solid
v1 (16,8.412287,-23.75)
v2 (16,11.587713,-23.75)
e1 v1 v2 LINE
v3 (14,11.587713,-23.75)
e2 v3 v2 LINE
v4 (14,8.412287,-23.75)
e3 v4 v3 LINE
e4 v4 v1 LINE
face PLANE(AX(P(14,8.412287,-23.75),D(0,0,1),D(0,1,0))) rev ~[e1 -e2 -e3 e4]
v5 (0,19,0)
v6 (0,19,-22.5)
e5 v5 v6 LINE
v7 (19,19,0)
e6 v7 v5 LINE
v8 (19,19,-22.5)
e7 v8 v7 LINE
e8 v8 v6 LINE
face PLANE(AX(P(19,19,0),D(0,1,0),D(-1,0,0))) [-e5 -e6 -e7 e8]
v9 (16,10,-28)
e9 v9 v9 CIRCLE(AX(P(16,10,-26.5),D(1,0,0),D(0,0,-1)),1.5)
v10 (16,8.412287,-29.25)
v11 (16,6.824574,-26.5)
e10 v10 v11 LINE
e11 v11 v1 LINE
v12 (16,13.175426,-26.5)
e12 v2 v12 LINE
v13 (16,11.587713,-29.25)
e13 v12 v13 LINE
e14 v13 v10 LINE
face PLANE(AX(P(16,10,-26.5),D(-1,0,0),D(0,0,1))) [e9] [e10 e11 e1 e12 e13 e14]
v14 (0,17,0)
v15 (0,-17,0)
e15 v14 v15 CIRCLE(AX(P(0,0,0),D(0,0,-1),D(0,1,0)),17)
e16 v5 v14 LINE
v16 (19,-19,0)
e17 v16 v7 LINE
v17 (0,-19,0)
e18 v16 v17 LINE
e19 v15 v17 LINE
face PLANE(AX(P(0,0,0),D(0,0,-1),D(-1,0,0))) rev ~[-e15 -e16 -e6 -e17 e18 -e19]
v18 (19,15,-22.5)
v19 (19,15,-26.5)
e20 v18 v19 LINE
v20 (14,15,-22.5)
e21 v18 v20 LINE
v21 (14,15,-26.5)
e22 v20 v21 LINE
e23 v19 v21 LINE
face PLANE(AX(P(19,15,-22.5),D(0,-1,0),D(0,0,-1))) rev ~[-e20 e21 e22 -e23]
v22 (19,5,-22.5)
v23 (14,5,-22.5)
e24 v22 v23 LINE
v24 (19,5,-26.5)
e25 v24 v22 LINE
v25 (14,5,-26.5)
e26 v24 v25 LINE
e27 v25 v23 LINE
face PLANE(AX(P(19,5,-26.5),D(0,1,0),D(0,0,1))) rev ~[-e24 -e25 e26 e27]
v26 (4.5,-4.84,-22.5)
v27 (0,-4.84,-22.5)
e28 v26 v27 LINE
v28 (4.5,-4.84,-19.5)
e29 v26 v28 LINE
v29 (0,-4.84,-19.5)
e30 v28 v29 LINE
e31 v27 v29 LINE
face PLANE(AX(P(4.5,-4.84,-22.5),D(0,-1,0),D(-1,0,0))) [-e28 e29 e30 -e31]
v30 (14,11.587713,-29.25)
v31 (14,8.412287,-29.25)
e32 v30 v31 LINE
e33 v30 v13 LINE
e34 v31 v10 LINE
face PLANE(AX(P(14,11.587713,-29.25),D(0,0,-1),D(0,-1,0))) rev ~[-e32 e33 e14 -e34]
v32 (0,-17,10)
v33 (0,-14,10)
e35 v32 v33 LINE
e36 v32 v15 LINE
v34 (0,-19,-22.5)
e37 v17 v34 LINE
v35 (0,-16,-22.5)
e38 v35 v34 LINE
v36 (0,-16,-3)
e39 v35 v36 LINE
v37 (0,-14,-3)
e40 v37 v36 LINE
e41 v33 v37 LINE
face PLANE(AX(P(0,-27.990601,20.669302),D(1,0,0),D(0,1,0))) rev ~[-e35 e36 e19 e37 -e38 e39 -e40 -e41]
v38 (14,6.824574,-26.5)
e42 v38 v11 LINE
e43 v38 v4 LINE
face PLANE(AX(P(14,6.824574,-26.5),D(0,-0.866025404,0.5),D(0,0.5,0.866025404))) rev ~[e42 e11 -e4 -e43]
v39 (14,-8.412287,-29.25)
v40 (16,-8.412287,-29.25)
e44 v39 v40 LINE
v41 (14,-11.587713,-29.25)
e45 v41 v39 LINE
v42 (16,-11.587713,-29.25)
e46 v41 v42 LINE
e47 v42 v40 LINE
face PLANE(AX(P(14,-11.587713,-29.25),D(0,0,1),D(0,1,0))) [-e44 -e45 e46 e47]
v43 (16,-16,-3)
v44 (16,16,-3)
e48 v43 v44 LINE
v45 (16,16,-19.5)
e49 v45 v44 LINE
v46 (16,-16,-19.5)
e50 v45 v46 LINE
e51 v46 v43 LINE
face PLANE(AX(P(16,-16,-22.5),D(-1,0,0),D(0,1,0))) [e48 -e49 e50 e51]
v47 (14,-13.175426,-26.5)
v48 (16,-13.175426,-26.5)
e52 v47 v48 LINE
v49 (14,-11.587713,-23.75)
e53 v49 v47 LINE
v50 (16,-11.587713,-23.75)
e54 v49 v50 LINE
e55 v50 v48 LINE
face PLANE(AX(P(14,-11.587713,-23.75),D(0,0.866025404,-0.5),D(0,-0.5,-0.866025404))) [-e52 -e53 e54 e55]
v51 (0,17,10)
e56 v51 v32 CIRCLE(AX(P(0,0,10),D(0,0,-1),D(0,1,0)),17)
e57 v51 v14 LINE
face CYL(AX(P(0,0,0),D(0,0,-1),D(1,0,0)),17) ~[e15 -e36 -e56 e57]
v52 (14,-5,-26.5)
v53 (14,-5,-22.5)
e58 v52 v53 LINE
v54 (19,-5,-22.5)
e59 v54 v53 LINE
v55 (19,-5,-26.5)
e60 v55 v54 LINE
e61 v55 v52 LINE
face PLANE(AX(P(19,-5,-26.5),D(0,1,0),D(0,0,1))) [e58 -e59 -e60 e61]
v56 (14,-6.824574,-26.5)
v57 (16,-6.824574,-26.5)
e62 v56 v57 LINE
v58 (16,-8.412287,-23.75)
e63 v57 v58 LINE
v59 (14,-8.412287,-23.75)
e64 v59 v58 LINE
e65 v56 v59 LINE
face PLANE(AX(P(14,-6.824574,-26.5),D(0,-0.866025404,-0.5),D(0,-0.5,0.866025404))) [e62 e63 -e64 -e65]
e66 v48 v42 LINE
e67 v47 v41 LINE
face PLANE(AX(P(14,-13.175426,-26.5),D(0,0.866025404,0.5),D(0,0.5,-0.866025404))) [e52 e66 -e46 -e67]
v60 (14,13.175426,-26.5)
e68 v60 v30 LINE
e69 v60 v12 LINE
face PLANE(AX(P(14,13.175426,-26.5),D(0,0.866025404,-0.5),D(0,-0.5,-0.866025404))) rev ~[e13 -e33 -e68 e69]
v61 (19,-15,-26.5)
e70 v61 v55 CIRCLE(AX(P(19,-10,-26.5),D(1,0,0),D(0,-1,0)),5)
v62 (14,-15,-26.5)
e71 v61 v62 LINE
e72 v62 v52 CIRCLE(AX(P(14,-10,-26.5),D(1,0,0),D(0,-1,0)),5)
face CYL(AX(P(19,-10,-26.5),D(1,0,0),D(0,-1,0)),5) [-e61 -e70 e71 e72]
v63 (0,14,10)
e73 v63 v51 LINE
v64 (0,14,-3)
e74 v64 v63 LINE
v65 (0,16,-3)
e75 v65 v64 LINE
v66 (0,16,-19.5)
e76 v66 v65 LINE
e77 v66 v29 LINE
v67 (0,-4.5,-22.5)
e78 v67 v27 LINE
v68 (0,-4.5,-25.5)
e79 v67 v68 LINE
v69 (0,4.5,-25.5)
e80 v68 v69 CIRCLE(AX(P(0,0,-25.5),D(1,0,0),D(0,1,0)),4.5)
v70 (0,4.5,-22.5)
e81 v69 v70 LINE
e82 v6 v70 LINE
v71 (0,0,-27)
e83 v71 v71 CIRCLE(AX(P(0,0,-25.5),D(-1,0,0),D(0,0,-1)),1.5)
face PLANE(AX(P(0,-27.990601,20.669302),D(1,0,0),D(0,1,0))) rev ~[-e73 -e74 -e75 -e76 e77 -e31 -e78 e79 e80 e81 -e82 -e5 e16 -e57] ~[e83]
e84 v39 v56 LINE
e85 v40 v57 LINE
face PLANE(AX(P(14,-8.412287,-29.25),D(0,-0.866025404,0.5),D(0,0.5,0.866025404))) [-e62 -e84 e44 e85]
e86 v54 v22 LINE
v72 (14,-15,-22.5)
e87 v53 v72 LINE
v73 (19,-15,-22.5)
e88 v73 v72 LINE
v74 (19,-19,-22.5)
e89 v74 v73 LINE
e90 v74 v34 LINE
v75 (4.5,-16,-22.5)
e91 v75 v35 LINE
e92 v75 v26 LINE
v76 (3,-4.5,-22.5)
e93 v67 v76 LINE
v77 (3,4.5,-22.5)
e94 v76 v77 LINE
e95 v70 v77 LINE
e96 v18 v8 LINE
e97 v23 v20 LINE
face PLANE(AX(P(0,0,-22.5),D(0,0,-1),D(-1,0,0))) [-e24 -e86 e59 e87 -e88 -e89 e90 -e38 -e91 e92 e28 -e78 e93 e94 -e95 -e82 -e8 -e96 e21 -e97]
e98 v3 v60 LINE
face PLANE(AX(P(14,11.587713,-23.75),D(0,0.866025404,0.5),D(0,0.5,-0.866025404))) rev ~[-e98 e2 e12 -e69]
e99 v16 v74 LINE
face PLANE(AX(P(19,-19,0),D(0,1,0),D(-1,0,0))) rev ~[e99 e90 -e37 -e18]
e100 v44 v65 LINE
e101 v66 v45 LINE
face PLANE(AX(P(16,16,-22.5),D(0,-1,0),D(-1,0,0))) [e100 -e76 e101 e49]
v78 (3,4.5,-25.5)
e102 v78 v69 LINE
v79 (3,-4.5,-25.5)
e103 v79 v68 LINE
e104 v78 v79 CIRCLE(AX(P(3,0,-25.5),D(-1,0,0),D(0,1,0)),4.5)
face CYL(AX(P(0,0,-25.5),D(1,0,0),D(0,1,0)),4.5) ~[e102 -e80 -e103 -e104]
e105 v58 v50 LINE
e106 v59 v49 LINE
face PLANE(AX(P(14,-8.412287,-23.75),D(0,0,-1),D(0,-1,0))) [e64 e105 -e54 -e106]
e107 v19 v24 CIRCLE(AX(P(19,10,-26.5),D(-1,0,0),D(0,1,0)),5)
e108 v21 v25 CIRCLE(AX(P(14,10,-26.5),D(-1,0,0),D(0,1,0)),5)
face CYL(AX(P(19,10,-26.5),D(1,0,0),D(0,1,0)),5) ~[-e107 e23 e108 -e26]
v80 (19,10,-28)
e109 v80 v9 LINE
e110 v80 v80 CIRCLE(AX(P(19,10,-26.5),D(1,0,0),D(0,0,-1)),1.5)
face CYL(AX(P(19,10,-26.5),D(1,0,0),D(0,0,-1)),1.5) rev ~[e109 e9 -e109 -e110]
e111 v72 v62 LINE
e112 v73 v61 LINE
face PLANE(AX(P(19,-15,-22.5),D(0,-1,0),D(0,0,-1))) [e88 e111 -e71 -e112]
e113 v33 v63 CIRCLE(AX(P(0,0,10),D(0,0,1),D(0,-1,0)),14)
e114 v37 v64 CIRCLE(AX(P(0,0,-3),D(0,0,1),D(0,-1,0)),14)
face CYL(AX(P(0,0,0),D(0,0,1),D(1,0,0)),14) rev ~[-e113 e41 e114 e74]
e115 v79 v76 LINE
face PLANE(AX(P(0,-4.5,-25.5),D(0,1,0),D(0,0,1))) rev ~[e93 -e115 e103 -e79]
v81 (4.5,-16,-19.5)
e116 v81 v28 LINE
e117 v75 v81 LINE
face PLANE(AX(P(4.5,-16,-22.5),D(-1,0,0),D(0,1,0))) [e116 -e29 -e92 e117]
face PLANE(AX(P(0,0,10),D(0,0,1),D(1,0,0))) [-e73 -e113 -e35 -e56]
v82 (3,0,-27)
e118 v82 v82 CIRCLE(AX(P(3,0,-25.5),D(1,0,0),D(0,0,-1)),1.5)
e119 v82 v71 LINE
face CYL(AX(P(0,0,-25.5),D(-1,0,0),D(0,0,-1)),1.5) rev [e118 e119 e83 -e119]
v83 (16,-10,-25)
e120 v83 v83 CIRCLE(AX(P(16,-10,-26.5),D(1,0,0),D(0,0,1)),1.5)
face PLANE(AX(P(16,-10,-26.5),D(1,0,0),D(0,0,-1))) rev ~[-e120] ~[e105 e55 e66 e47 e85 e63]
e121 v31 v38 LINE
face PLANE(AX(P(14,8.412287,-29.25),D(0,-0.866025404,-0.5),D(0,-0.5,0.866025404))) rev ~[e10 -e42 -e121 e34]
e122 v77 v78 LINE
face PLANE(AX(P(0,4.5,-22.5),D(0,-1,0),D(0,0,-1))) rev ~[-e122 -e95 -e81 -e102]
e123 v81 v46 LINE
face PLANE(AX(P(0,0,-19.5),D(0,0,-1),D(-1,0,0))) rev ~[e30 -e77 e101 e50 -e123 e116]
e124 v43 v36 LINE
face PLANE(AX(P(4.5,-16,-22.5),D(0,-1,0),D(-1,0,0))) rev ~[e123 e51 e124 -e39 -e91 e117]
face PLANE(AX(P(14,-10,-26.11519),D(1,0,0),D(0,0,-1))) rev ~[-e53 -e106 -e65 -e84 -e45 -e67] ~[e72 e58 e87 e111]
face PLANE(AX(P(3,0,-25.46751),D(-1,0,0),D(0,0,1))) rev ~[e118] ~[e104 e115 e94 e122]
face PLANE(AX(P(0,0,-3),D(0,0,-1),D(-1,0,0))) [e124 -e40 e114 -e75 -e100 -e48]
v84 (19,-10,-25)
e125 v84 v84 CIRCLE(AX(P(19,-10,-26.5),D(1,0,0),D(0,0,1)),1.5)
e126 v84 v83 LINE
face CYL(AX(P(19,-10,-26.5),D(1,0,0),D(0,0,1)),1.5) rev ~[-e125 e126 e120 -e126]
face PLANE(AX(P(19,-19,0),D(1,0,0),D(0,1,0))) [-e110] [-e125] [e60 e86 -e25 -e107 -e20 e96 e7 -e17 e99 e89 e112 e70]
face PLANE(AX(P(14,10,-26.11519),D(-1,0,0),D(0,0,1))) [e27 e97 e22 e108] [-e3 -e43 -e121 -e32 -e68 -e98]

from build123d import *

# Parameters (mm, degrees)
SKETCH_1_R               = 17
SKETCH_1_R_2             = 14
EXTRUDE_1_DEPTH          = 10
SKETCH_2_W               = 38
SKETCH_2_H               = 38
EXTRUDE_2_DEPTH          = 22.5
SKETCH_3_W               = 32
SKETCH_3_H               = 32
CUT_EXTRUDE_1_DEPTH      = 19.5
SKETCH_4_R               = 14
CUT_EXTRUDE_2_DEPTH      = 36.046397818
SKETCH_5_W               = 38
SKETCH_5_H               = 38
SKETCH_5_W_2             = 12.1
SKETCH_5_H_2             = 11.16
EXTRUDE_3_DEPTH          = 3
SKETCH_6_R               = 1.5
EXTRUDE_4_DEPTH          = 3
SKETCH_7_R               = 1.5
EXTRUDE_5_DEPTH          = 5
CUT_EXTRUDE_3_DEPTH      = 2
CUT_EXTRUDE_5_DEPTH      = 43.16930163
CUT_EXTRUDE_5_DEPTH_BACK = 43.16930163
SKETCH_9_W               = 31.856814276
SKETCH_9_H               = 55.588041179


with BuildPart() as part:
    # 草图1 → 凸台-拉伸1 (new body)
    with BuildSketch(Plane.XY):
        Circle(SKETCH_1_R)
        Circle(SKETCH_1_R_2, mode=Mode.SUBTRACT)
    extrude(amount=EXTRUDE_1_DEPTH)

    # 草图2 → 凸台-拉伸2 (add)
    with BuildSketch(Plane(origin=(0, 0, 0), x_dir=(-1, 0, 0), z_dir=(0, 0, -1))):
        Rectangle(SKETCH_2_W, SKETCH_2_H)
    extrude(amount=EXTRUDE_2_DEPTH)

    # 草图3 → 切除-拉伸1 (cut)
    with BuildSketch(Plane(origin=(0, 0, -22.5), x_dir=(-1, 0, 0), z_dir=(0, 0, -1))):
        Rectangle(SKETCH_3_W, SKETCH_3_H)
    extrude(amount=-CUT_EXTRUDE_1_DEPTH, mode=Mode.SUBTRACT)

    # 草图4 → 切除-拉伸2 (cut, through all)
    with BuildSketch(Plane.XY):
        Circle(SKETCH_4_R)
    extrude(amount=-CUT_EXTRUDE_2_DEPTH, mode=Mode.SUBTRACT)

    # 草图5 → 凸台-拉伸3 (add)
    with BuildSketch(Plane(origin=(0, 0, -22.5), x_dir=(-1, 0, 0), z_dir=(0, 0, -1))):
        Rectangle(SKETCH_5_W, SKETCH_5_H)
        with Locations((1.55, -10.42)):
            Rectangle(SKETCH_5_W_2, SKETCH_5_H_2, mode=Mode.SUBTRACT)
    extrude(amount=-EXTRUDE_3_DEPTH)

    # 草图6 → 凸台-拉伸4 (add, symmetric)
    with BuildSketch(Plane(origin=(0, 0, 0), x_dir=(0, 0, -1), z_dir=(1, 0, 0))):
        with BuildLine():
            Line((22.5, 4.5), (25.5, 4.5))
            ThreePointArc((25.5, 4.5), (30, 0), (25.5, -4.5))
            Line((25.5, -4.5), (22.5, -4.5))
            Line((22.5, -4.5), (22.5, 4.5))
        make_face()
        with Locations((25.5, 0)):
            Circle(SKETCH_6_R, mode=Mode.SUBTRACT)
    extrude(amount=EXTRUDE_4_DEPTH, both=True)

    # 草图7 → 凸台-拉伸5 (add)
    # profile 1 of 2: a face of its own
    with BuildSketch(Plane(origin=(19, 0, 0), x_dir=(0, 0, -1), z_dir=(1, 0, 0))):
        with BuildLine():
            Line((22.5, 15), (26.5, 15))
            ThreePointArc((26.5, 15), (31.5, 10), (26.5, 5))
            Line((26.5, 5), (22.5, 5))
            Line((22.5, 5), (22.5, 15))
        make_face()
        with Locations((26.5, 10)):
            Circle(SKETCH_7_R, mode=Mode.SUBTRACT)
    # profile 2 of 2: a face of its own
    with BuildSketch(Plane(origin=(19, 0, 0), x_dir=(0, 0, -1), z_dir=(1, 0, 0))):
        with BuildLine():
            Line((22.5, -5), (22.5, -15))
            Line((22.5, -15), (26.5, -15))
            ThreePointArc((26.5, -15), (31.5, -10), (26.5, -5))
            Line((26.5, -5), (22.5, -5))
        make_face()
        with Locations(Location((26.5, -10, 0), (0, 0, 180))):
            Circle(SKETCH_7_R, mode=Mode.SUBTRACT)
    extrude_5 = extrude(amount=-EXTRUDE_5_DEPTH)

    # 草图8 → 切除-拉伸3 (cut)
    with BuildSketch(Plane.ZY.offset(-14)):
        Polygon((-26.5, 6.824573519), (-23.75, 8.41228676), (-23.75, 11.58771324), (-26.5, 13.175426481), (-29.25, 11.58771324), (-29.25, 8.41228676), align=None)
        Polygon((-29.25, -8.41228676), (-26.5, -6.824573519), (-23.75, -8.41228676), (-23.75, -11.58771324), (-26.5, -13.175426481), (-29.25, -11.58771324), align=None)
    cut_extrude_3 = extrude(amount=-CUT_EXTRUDE_3_DEPTH, mode=Mode.SUBTRACT)

    # 镜向1: 凸台-拉伸5, 切除-拉伸3 across plane
    add(extrude_5.mirror(Plane(origin=(0, 0, 0), x_dir=(0, 0, 1), z_dir=(1, 0, 0))))
    add(cut_extrude_3.mirror(Plane(origin=(0, 0, 0), x_dir=(0, 0, 1), z_dir=(1, 0, 0))), mode=Mode.SUBTRACT)

    # 草图9 → 切除-拉伸5 (cut, two sides: drawn at the far end of the back side and taken through both)
    with BuildSketch(Plane(origin=(0, 0, -22.5), x_dir=(-1, 0, 0), z_dir=(0, 0, -1)).offset(-CUT_EXTRUDE_5_DEPTH_BACK)):
        with Locations((15.928407138, -0.196580563)):
            Rectangle(SKETCH_9_W, SKETCH_9_H)
    extrude(amount=CUT_EXTRUDE_5_DEPTH + CUT_EXTRUDE_5_DEPTH_BACK, mode=Mode.SUBTRACT)


solid = part.part
